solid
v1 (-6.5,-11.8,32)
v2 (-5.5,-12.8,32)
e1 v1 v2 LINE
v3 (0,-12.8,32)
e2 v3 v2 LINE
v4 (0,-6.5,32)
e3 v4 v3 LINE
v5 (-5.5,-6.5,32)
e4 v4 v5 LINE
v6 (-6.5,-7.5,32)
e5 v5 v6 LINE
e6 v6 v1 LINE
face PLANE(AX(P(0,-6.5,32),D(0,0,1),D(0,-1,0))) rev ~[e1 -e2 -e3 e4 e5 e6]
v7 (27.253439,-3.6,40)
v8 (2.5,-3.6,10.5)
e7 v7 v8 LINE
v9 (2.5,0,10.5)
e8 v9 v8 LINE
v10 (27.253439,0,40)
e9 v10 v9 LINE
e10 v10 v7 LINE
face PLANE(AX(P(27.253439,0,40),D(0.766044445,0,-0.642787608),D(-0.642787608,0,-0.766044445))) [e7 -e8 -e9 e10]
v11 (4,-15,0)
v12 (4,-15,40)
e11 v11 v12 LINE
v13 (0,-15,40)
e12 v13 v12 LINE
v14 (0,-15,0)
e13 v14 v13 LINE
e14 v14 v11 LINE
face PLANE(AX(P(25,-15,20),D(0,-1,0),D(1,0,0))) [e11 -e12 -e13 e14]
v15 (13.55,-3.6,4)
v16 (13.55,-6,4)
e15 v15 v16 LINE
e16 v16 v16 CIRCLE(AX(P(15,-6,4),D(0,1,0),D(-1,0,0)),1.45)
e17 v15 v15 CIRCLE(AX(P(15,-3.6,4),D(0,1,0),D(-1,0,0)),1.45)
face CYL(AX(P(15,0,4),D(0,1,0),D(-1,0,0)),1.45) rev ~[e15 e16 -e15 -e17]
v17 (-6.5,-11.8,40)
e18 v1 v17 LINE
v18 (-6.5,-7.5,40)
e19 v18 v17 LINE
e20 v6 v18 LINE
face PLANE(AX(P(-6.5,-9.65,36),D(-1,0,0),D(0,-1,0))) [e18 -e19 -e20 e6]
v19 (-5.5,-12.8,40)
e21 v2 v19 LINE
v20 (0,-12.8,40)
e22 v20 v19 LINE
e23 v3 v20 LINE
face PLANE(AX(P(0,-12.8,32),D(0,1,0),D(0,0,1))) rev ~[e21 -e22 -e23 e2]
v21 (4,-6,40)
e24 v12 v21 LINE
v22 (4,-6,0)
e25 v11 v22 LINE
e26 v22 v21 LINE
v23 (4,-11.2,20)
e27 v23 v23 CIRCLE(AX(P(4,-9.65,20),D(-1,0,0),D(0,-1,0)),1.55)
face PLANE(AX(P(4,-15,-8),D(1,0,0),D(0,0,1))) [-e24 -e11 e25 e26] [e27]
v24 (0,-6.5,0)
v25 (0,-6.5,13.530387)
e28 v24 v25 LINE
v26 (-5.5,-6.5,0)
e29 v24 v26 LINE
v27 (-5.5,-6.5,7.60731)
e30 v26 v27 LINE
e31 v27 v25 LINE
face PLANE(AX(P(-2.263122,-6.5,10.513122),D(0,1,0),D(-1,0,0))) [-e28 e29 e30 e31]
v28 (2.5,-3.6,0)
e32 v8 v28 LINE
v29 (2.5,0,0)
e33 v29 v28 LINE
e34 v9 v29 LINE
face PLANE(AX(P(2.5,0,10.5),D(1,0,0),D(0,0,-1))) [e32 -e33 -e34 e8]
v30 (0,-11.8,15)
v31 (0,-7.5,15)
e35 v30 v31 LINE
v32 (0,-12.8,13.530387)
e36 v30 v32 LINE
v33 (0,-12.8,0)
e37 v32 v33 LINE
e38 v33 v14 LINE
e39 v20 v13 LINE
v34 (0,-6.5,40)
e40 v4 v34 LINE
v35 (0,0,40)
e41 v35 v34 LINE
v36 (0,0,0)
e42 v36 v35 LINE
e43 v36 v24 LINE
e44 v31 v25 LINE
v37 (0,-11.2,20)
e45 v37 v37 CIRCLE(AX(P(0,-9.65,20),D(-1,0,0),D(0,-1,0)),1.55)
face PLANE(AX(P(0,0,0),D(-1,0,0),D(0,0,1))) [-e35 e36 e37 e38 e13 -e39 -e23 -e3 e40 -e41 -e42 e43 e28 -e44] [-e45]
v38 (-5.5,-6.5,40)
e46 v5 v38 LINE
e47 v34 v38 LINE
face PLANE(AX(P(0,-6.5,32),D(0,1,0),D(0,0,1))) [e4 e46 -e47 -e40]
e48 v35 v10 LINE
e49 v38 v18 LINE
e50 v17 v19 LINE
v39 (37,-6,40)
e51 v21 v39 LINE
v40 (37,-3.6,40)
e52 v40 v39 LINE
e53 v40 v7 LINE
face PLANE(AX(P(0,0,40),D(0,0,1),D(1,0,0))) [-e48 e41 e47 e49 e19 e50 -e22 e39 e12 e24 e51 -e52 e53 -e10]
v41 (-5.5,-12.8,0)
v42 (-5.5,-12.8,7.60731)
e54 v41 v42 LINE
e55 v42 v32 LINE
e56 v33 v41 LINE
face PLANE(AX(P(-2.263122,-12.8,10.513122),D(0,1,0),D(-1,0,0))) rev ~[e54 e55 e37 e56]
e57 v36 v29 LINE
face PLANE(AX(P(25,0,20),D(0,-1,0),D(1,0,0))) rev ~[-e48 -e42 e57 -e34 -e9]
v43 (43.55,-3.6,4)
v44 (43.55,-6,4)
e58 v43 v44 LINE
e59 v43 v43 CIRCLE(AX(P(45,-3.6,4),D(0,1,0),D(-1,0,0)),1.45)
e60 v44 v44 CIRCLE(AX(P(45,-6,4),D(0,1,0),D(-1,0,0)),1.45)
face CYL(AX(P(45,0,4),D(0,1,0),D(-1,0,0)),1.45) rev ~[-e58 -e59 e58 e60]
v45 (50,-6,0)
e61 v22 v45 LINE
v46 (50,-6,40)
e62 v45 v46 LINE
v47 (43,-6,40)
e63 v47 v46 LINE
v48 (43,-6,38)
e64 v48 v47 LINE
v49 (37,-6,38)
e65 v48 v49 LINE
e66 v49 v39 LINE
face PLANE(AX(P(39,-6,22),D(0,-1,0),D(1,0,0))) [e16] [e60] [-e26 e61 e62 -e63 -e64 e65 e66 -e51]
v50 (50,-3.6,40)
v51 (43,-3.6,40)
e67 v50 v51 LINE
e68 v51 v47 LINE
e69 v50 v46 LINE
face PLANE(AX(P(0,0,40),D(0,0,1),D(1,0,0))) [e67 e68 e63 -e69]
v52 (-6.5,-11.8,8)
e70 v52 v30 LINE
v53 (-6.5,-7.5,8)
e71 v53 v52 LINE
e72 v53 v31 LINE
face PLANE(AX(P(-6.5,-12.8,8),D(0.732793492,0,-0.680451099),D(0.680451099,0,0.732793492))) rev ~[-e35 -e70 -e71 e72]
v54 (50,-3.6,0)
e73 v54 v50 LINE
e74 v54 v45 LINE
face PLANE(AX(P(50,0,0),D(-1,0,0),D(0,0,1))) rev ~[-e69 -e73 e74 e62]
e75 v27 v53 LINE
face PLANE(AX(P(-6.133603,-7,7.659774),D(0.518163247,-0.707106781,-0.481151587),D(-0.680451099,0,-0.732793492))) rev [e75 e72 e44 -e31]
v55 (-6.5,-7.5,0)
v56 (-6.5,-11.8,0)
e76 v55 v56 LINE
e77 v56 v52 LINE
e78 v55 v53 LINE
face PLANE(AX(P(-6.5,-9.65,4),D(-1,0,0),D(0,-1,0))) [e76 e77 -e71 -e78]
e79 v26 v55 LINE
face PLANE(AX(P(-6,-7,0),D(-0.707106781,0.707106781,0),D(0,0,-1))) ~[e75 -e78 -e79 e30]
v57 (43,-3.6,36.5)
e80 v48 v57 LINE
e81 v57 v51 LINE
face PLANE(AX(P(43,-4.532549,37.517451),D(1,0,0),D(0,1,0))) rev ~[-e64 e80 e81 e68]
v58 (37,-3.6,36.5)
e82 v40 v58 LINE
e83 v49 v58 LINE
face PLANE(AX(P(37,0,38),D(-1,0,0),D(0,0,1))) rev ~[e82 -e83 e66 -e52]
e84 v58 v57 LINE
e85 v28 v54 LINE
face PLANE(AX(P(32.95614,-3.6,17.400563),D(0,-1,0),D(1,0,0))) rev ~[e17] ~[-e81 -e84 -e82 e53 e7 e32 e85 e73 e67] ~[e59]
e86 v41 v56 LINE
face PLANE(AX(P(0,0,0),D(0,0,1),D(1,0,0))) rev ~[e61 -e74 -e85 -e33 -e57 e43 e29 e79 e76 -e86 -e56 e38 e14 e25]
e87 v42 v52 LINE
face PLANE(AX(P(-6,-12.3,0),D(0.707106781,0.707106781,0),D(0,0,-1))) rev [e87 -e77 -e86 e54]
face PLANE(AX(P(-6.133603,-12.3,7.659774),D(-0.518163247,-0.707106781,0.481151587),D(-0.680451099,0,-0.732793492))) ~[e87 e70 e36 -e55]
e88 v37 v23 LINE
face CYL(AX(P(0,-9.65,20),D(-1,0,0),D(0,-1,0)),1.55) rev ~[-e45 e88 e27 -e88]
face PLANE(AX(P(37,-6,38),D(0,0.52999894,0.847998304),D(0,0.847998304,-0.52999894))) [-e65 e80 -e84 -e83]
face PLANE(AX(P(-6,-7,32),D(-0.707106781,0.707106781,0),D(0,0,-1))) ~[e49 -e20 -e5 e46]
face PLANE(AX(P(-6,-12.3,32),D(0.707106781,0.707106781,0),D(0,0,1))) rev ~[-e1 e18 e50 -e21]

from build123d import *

# Parameters (mm, degrees)
SKETCH_W        = 50
SKETCH_H        = 40
PAD_DEPTH       = 15
SKETCH001_R     = 1.45
POCKET_DEPTH    = 12
POCKET001_DEPTH = 3.6
SKETCH003_W     = 6
SKETCH003_H     = 2
POCKET002_DEPTH = 15
SKETCH004_W     = 6.3
SKETCH004_H     = 8
PAD001_DEPTH    = 6.5
SKETCH005_W     = 70
SKETCH005_H     = 60
POCKET003_DEPTH = 9
SKETCH006_R     = 1.55
POCKET004_DEPTH = 5
SKETCH018_W     = 3
SKETCH018_H     = 3
POCKET010_DEPTH = 22
POCKET011_DEPTH = 6
PAD007_DEPTH    = 6.3
CHAMFER_SIZE    = 1


with BuildPart() as part:
    # Sketch (on XZ_Plane of Origin) → Pad (new body)
    with BuildSketch(Plane.XZ):
        with Locations((25, 20)):
            Rectangle(SKETCH_W, SKETCH_H)
    extrude(amount=PAD_DEPTH)

    # Sketch001 (on Face5 of Pad) → Pocket (cut)
    with BuildSketch(Plane(origin=(0, 0, 0), x_dir=(-1, 0, 0), z_dir=(0, 1, 0))):
        with Locations((-45, 4)):
            Circle(SKETCH001_R)
        with Locations((-15, 4)):
            Circle(SKETCH001_R)
    extrude(amount=-POCKET_DEPTH, mode=Mode.SUBTRACT)

    # Sketch002 (on Face4 of Pocket) → Pocket001 (cut)
    with BuildSketch(Plane(origin=(0, 0, 0), x_dir=(-1, 0, 0), z_dir=(0, 1, 0))):
        Polygon((-2.5, 0), (-56.5, 0), (-56.5, 40), (-27.253439, 40), (-2.5, 10.5), align=None)
    extrude(amount=-POCKET001_DEPTH, mode=Mode.SUBTRACT)

    # Sketch003 (on Face4 of Pocket001) → Pocket002 (cut)
    with BuildSketch(Plane(origin=(0, 0, 0), x_dir=(-1, 0, 0), z_dir=(0, 1, 0))):
        with Locations((-40, 39)):
            Rectangle(SKETCH003_W, SKETCH003_H)
    extrude(amount=-POCKET002_DEPTH, mode=Mode.SUBTRACT)

    # Sketch004 (on Face1 of Pocket002) → Pad001 (join)
    with BuildSketch(Plane(origin=(0, 0, 0), x_dir=(0, -1, 0), z_dir=(-1, 0, 0))):
        with Locations((9.65, 4)):
            Rectangle(SKETCH004_W, SKETCH004_H)
        with Locations((9.65, 36)):
            Rectangle(SKETCH004_W, SKETCH004_H)
    extrude(amount=PAD001_DEPTH)

    # Sketch005 (on Face6 of Pad001) → Pocket003 (cut)
    with BuildSketch(Plane.XZ.offset(15)):
        with Locations((39, 22)):
            Rectangle(SKETCH005_W, SKETCH005_H)
    extrude(amount=-POCKET003_DEPTH, mode=Mode.SUBTRACT)

    # Sketch006 (on Face1 of Pocket003) → Pocket004 (cut)
    with BuildSketch(Plane(origin=(0, 0, 0), x_dir=(0, -1, 0), z_dir=(-1, 0, 0))):
        with Locations((9.65, 20)):
            Circle(SKETCH006_R)
    extrude(amount=-POCKET004_DEPTH, mode=Mode.SUBTRACT)

    # Sketch018 (on Face21 of Pocket004) → Pocket010 (cut)
    with BuildSketch(Plane.YZ.offset(50)):
        with Locations((-0.3, 38.5)):
            Rectangle(SKETCH018_W, SKETCH018_H)
    extrude(amount=-POCKET010_DEPTH, mode=Mode.SUBTRACT)

    # Sketch019 (on Face15 of Pocket010) → Pocket011 (cut)
    with BuildSketch(Plane.YZ.offset(37)):
        Polygon((-6, 38), (-3.6, 36.5), (-3.6, 38), align=None)
    extrude(amount=POCKET011_DEPTH, mode=Mode.SUBTRACT)

    # Sketch020 (on Face10 of Pocket011) → Pad007 (join)
    with BuildSketch(Plane.XZ.offset(12.8)):
        Polygon((0, 8), (-6.5, 8), (0, 15), align=None)
    extrude(amount=-PAD007_DEPTH)

    # Chamfer
    chamfer_edges = [part.edges().sort_by_distance(p)[0] for p in [
        (-6.5, -12.8, 4),
        (-6.5, -6.5, 4),
        (-6.5, -12.8, 36),
        (-6.5, -6.5, 36),
        (-3.25, -12.8, 11.5),
        (-3.25, -6.5, 11.5),
    ]]
    chamfer(chamfer_edges, length=CHAMFER_SIZE)


solid = part.part
